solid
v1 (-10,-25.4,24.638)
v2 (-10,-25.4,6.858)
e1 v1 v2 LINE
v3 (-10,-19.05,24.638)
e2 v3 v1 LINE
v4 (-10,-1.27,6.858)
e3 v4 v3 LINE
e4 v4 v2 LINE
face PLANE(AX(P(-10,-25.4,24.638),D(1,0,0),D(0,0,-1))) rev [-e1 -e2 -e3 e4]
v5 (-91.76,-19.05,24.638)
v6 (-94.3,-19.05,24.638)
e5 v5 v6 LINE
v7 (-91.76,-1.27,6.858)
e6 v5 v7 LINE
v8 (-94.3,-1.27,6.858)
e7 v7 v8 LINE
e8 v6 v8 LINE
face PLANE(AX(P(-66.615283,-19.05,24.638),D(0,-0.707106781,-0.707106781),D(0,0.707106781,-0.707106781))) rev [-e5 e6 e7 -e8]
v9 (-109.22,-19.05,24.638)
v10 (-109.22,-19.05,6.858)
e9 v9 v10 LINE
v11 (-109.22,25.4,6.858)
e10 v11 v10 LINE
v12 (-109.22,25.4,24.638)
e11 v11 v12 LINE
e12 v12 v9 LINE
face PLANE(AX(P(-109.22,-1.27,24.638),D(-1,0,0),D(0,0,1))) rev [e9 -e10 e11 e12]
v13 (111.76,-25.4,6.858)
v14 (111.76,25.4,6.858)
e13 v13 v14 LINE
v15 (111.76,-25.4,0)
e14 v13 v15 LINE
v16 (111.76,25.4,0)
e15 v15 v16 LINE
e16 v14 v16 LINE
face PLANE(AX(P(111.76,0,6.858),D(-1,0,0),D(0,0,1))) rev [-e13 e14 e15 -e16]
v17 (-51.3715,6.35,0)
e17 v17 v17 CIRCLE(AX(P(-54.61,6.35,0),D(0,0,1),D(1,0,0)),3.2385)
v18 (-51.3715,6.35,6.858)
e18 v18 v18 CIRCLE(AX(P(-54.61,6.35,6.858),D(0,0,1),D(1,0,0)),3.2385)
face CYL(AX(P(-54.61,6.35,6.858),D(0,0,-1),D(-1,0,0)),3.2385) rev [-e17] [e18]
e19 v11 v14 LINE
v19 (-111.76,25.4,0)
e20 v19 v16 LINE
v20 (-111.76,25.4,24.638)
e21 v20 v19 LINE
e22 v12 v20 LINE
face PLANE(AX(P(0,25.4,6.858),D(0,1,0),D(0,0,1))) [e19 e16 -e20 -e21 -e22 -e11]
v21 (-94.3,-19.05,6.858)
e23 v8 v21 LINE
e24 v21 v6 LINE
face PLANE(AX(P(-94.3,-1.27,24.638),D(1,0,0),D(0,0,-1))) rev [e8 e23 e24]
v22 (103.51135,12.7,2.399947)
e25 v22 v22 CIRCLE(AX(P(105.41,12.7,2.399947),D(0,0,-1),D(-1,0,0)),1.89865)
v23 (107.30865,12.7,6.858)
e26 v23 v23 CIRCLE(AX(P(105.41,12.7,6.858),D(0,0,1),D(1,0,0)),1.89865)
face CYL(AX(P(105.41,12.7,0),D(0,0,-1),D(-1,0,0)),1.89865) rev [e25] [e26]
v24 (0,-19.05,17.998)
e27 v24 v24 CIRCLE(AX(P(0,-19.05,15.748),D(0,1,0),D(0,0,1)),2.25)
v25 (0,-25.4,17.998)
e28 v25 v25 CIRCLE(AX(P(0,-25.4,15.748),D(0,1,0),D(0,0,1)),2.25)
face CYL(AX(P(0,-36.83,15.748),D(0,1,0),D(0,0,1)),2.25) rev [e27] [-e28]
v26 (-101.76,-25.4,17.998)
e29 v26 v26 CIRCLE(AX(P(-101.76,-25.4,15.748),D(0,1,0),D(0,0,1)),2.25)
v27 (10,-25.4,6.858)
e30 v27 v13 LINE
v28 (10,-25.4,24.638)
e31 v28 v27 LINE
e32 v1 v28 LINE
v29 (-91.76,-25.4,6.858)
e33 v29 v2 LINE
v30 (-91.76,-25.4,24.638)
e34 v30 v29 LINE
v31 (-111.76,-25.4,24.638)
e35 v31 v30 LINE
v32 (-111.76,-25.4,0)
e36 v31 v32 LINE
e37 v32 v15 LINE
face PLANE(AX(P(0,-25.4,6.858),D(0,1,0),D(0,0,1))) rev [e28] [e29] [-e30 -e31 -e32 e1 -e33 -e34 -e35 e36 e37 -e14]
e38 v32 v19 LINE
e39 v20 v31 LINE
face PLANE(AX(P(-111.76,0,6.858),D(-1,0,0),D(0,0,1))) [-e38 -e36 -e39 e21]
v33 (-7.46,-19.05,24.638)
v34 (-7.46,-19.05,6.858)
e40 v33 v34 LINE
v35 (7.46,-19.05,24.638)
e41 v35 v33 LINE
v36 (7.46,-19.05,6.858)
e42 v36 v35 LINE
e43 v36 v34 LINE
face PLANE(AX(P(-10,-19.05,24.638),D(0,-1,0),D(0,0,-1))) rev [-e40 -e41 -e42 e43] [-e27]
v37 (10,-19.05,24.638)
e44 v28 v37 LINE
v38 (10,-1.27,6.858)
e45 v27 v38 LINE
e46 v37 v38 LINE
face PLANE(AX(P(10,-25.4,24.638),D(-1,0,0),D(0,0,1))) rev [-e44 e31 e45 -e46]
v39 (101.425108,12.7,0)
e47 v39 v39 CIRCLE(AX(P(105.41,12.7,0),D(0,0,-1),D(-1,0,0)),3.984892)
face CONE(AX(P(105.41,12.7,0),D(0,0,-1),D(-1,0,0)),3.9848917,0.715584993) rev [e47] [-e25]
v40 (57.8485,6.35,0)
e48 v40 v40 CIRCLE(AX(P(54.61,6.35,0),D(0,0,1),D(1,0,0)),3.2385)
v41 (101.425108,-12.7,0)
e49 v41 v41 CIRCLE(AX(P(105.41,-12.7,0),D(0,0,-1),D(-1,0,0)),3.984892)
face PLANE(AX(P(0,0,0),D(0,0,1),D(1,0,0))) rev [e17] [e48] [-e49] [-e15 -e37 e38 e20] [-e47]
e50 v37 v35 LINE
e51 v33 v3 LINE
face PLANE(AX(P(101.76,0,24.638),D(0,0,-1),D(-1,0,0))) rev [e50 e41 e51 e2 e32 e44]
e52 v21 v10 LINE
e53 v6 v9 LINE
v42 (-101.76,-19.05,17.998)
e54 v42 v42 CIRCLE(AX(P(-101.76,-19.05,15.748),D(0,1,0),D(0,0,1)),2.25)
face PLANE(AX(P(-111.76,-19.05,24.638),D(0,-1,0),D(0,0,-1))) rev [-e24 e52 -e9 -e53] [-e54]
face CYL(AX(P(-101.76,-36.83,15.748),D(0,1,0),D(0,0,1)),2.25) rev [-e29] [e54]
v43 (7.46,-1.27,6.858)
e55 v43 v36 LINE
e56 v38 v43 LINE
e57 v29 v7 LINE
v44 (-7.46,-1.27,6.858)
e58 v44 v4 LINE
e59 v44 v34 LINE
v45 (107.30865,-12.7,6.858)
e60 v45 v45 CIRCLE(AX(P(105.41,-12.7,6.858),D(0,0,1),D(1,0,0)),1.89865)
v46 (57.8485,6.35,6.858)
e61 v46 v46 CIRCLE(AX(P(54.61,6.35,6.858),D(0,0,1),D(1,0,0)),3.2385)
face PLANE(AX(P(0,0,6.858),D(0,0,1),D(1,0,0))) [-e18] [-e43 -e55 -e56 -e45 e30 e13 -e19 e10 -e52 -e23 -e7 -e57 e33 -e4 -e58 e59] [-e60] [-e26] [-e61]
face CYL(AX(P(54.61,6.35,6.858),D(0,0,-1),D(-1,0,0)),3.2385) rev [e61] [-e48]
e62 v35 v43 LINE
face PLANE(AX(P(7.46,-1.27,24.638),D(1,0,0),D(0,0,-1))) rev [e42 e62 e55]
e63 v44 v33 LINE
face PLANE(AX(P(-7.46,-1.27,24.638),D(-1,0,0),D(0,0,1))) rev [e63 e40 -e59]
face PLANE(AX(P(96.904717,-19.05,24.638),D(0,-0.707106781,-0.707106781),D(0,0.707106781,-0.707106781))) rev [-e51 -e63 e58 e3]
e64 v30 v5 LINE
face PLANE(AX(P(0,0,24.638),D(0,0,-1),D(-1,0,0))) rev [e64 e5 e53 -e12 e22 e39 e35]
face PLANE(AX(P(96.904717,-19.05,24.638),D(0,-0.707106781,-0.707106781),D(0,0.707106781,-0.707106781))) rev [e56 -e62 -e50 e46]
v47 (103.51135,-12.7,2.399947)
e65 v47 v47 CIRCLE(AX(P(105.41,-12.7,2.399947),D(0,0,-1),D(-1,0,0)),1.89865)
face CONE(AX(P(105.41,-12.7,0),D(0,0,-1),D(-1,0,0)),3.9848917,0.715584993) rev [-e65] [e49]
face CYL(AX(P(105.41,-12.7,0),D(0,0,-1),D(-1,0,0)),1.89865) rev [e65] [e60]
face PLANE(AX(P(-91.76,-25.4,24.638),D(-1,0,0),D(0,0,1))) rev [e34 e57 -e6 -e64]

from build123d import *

# Parameters (mm, degrees)
SKETCH1_W                                      = 223.52
SKETCH1_H                                      = 50.8
SKETCH1_R                                      = 3.2385
BOSS_EXTRUDE1_DEPTH                            = 6.858
SKETCH2_W                                      = 20
SKETCH2_H                                      = 6.35
BOSS_EXTRUDE2_DEPTH                            = 17.78
SKETCH3_R                                      = 2.25
CUT_EXTRUDE1_DEPTH                             = 17.78
SKETCH4_W                                      = 2.54
SKETCH4_H                                      = 17.78
BOSS_EXTRUDE3_DEPTH                            = 17.78
CUT_EXTRUDE2_DEPTH                             = 20
LPATTERN1_COUNT                                = 2
LPATTERN1_PITCH                                = 101.76
BOSS_EXTRUDE4_DEPTH                            = 2.54
CSK_FOR_6_FLAT_HEAD_MACHINE_SCREW1_D           = 3.7973
CSK_FOR_6_FLAT_HEAD_MACHINE_SCREW1_CSINK_D     = 7.9697834
CSK_FOR_6_FLAT_HEAD_MACHINE_SCREW1_CSINK_ANGLE = 82


with BuildPart() as part:
    # Sketch1 → Boss-Extrude1 (new body)
    with BuildSketch(Plane.XY):
        Rectangle(SKETCH1_W, SKETCH1_H)
        with Locations((-54.61, 6.35)):
            Circle(SKETCH1_R, mode=Mode.SUBTRACT)
        with Locations((54.61, 6.35)):
            Circle(SKETCH1_R, mode=Mode.SUBTRACT)
    extrude(amount=BOSS_EXTRUDE1_DEPTH)

    # Sketch2 → Boss-Extrude2 (add)
    with BuildSketch(Plane.XY.offset(6.858)):
        with Locations((-101.76, -22.225)):
            Rectangle(SKETCH2_W, SKETCH2_H)
    boss_extrude2 = extrude(amount=BOSS_EXTRUDE2_DEPTH)

    # Sketch3 → Cut-Extrude1 (cut)
    with BuildSketch(Plane(origin=(0, -19.05, 0), x_dir=(1, 0, 0), z_dir=(0, 1, 0))):
        with Locations((-101.76, -15.748)):
            Circle(SKETCH3_R)
    cut_extrude1 = extrude(amount=-CUT_EXTRUDE1_DEPTH, mode=Mode.SUBTRACT)

    # Sketch4 → Boss-Extrude3 (add)
    with BuildSketch(Plane(origin=(0, -19.05, 0), x_dir=(1, 0, 0), z_dir=(0, 1, 0))):
        with Locations((-110.49, -15.748)):
            Rectangle(SKETCH4_W, SKETCH4_H)
        with Locations((-93.03, -15.748)):
            Rectangle(SKETCH4_W, SKETCH4_H)
    boss_extrude3 = extrude(amount=BOSS_EXTRUDE3_DEPTH)

    # Sketch6 → Cut-Extrude2 (cut)
    with BuildSketch(Plane.ZY.offset(111.76)):
        Polygon((24.638, -1.27), (6.858, -1.27), (24.638, -19.05), align=None)
    cut_extrude2 = extrude(amount=-CUT_EXTRUDE2_DEPTH, mode=Mode.SUBTRACT)

    # LPattern1: Boss-Extrude2, Cut-Extrude1, Boss-Extrude3, Cut-Extrude2 ×2
    with Locations(*[(i * LPATTERN1_PITCH, 0, 0) for i in range(1, LPATTERN1_COUNT)]):
        add(boss_extrude2)
        add(cut_extrude1, mode=Mode.SUBTRACT)
        add(boss_extrude3)
        add(cut_extrude2, mode=Mode.SUBTRACT)

    # Sketch7 → Boss-Extrude4 (add)
    with BuildSketch(Plane.ZY.offset(111.76)):
        Polygon((24.638, -19.05), (24.638, 25.4), (6.858, 25.4), (6.858, -1.27), align=None)
    extrude(amount=-BOSS_EXTRUDE4_DEPTH)

    # CSK for #6 Flat Head Machine Screw1 (through all)
    with Locations(Plane(origin=(0, 0, 0), x_dir=(-1, 0, 0), z_dir=(0, 0, -1))):
        with Locations((-105.41, 12.7), (-105.41, -12.7)):
            CounterSinkHole(CSK_FOR_6_FLAT_HEAD_MACHINE_SCREW1_D / 2, CSK_FOR_6_FLAT_HEAD_MACHINE_SCREW1_CSINK_D / 2, counter_sink_angle=CSK_FOR_6_FLAT_HEAD_MACHINE_SCREW1_CSINK_ANGLE)


solid = part.part
